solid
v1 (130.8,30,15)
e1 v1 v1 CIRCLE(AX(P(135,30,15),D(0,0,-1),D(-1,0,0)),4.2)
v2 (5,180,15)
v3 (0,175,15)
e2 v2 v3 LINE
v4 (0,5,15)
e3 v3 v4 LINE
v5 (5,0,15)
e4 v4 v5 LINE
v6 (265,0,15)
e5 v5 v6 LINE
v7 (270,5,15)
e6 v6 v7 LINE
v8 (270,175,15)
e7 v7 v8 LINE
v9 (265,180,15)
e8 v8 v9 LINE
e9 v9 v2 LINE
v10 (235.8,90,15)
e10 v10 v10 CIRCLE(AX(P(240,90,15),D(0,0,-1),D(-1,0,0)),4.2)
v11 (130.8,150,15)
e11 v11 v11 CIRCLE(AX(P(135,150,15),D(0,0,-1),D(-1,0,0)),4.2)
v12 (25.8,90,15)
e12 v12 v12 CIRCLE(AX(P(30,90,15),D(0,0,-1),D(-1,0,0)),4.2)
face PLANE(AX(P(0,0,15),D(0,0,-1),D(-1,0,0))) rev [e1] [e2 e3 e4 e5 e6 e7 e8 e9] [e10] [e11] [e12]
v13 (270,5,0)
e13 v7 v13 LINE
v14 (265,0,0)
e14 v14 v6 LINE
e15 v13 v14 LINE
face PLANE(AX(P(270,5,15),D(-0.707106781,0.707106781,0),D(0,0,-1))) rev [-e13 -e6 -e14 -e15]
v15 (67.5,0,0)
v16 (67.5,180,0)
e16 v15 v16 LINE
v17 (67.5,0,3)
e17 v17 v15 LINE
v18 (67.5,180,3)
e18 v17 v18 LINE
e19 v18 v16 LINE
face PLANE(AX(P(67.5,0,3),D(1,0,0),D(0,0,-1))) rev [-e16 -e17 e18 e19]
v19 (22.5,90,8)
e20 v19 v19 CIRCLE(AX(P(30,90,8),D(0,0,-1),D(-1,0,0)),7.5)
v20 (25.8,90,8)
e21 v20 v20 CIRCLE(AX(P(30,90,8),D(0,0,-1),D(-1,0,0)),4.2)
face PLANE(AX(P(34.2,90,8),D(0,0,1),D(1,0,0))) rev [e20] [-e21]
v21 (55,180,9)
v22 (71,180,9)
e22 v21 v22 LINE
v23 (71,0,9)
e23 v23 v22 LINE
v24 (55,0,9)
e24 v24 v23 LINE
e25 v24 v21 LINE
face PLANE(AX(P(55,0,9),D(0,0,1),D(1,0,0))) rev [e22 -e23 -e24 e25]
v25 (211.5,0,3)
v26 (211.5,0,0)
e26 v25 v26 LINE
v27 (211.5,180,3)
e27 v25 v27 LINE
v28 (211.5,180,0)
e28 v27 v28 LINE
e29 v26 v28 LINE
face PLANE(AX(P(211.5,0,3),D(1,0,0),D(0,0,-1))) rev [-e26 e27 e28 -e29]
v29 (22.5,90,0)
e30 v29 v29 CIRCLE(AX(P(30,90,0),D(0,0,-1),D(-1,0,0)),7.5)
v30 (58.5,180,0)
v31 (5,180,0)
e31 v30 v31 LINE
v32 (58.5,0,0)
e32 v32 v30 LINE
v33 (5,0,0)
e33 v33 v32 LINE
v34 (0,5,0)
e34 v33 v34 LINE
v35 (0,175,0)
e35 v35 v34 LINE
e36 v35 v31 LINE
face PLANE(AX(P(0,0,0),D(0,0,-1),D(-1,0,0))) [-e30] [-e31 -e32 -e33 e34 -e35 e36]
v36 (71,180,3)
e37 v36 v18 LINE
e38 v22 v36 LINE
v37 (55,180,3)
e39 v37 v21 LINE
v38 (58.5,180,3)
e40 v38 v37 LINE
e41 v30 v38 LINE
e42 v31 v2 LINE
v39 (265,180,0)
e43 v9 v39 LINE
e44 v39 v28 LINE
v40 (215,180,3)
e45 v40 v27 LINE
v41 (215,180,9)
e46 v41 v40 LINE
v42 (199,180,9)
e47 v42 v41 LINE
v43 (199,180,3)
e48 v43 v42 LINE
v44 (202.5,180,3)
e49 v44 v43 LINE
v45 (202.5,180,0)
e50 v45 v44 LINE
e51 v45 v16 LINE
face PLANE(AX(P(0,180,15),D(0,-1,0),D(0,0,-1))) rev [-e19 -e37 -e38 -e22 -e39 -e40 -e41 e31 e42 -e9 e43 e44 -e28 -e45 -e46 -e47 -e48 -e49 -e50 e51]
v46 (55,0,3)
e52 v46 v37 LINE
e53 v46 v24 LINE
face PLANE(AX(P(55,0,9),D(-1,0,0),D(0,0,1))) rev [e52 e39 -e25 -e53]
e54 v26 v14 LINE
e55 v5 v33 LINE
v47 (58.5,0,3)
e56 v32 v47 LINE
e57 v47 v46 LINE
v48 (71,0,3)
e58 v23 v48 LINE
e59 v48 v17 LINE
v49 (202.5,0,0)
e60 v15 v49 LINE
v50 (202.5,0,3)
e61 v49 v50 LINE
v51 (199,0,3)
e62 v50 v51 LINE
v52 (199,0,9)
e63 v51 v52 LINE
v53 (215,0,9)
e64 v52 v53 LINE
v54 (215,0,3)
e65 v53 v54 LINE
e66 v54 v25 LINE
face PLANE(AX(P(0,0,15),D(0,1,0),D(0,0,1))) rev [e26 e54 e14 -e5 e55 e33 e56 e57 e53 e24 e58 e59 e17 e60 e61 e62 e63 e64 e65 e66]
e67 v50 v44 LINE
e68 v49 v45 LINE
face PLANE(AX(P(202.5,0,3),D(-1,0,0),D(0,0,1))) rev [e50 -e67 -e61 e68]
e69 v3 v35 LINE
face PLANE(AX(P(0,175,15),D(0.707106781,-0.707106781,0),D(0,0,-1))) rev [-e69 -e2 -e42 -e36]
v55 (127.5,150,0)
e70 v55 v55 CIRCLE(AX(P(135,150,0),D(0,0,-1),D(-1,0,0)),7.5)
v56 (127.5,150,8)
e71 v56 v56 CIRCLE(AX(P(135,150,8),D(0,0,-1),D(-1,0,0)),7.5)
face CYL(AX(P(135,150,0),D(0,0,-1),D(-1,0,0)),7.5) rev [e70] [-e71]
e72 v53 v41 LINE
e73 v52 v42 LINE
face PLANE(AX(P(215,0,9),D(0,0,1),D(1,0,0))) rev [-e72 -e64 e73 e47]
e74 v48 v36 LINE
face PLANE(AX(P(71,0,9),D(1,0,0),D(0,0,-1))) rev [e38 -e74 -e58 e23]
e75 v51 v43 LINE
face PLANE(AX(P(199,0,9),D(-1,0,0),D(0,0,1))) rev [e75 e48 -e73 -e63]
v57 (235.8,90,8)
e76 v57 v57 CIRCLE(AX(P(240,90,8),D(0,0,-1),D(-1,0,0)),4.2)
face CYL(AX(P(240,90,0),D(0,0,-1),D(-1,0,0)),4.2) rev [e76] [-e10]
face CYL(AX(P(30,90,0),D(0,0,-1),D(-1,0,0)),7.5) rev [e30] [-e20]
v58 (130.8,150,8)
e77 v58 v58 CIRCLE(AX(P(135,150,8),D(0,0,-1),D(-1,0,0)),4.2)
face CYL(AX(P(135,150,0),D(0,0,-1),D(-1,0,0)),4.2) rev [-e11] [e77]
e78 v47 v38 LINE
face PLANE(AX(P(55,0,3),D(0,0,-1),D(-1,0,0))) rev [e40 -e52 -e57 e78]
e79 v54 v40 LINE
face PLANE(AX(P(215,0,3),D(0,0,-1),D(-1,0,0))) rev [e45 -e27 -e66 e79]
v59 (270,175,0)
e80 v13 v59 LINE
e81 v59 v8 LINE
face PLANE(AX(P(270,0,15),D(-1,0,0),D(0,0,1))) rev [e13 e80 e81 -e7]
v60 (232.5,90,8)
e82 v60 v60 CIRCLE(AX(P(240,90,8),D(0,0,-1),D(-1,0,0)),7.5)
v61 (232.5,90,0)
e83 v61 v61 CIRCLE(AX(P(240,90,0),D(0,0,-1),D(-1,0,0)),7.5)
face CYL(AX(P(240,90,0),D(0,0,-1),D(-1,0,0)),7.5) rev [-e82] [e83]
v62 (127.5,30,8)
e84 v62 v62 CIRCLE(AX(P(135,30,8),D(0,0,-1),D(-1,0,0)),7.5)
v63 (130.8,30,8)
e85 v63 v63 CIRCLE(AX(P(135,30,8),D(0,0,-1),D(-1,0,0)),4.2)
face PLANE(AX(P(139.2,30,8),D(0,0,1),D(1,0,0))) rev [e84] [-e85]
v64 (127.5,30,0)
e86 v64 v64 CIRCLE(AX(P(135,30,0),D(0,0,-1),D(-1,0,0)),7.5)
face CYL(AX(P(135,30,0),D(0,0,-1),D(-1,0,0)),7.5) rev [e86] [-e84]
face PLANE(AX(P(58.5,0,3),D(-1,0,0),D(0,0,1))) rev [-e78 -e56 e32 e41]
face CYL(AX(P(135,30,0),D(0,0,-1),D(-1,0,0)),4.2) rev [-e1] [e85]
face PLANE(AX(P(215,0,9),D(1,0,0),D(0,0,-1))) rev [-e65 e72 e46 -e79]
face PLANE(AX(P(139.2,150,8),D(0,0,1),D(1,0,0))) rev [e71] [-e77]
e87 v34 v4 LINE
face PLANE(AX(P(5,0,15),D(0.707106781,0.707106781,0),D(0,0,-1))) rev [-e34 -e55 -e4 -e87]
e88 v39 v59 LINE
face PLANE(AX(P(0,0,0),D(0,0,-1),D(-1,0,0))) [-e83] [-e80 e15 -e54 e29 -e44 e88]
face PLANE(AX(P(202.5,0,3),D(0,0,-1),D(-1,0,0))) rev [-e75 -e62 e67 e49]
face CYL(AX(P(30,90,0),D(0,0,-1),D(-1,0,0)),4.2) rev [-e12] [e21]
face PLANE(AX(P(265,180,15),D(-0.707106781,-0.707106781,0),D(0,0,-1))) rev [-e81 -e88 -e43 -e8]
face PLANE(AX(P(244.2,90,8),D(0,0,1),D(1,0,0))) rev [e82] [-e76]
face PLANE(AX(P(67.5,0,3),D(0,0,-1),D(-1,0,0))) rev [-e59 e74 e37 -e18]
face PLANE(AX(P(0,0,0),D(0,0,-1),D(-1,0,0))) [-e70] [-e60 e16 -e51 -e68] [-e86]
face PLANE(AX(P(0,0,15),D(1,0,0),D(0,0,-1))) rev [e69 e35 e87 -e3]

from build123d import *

# Parameters (mm, degrees)
SKETCH_1_W                   = 270
SKETCH_1_H                   = 180
EXTRUDE_1_DEPTH              = 15
CHAMFER_1_SIZE               = 5
HOLE_WIZARD_M8_1_D           = 8.4
HOLE_WIZARD_M8_1_CBORE_D     = 15
HOLE_WIZARD_M8_1_CBORE_DEPTH = 8
CUT_EXTRUDE_1_DEPTH          = 325.846117416


with BuildPart() as part:
    # 草图1 → 凸台-拉伸1 (new body)
    with BuildSketch(Plane.XY):
        with Locations((135, 90)):
            Rectangle(SKETCH_1_W, SKETCH_1_H)
    extrude(amount=EXTRUDE_1_DEPTH)

    # 倒角1
    chamfer_1_edges = [part.edges().sort_by_distance(p)[0] for p in [
        (0, 180, 7.5),
        (270, 180, 7.5),
        (270, 0, 7.5),
        (0, 0, 7.5),
    ]]
    chamfer(chamfer_1_edges, length=CHAMFER_1_SIZE)

    # M8 凹头盖螺钉的柱形沉头孔1 (through all)
    with Locations(Plane(origin=(0, 0, 0), x_dir=(-1, 0, 0), z_dir=(0, 0, -1))):
        with Locations((-240, 90), (-30, 90), (-135, 30), (-135, 150)):
            CounterBoreHole(HOLE_WIZARD_M8_1_D / 2, HOLE_WIZARD_M8_1_CBORE_D / 2, HOLE_WIZARD_M8_1_CBORE_DEPTH)

    # 草图4 → 切除-拉伸1 (cut, through all)
    with BuildSketch(Plane(origin=(0, 180, 0), x_dir=(1, 0, 0), z_dir=(0, 1, 0))):
        Polygon((55, -9), (71, -9), (71, -3), (67.5, -3), (67.5, 0), (58.5, 0), (58.5, -3), (55, -3), align=None)
        Polygon((202.5, -3), (199, -3), (199, -9), (215, -9), (215, -3), (211.5, -3), (211.5, 0), (202.5, 0), align=None)
    extrude(amount=-CUT_EXTRUDE_1_DEPTH, mode=Mode.SUBTRACT)


solid = part.part
